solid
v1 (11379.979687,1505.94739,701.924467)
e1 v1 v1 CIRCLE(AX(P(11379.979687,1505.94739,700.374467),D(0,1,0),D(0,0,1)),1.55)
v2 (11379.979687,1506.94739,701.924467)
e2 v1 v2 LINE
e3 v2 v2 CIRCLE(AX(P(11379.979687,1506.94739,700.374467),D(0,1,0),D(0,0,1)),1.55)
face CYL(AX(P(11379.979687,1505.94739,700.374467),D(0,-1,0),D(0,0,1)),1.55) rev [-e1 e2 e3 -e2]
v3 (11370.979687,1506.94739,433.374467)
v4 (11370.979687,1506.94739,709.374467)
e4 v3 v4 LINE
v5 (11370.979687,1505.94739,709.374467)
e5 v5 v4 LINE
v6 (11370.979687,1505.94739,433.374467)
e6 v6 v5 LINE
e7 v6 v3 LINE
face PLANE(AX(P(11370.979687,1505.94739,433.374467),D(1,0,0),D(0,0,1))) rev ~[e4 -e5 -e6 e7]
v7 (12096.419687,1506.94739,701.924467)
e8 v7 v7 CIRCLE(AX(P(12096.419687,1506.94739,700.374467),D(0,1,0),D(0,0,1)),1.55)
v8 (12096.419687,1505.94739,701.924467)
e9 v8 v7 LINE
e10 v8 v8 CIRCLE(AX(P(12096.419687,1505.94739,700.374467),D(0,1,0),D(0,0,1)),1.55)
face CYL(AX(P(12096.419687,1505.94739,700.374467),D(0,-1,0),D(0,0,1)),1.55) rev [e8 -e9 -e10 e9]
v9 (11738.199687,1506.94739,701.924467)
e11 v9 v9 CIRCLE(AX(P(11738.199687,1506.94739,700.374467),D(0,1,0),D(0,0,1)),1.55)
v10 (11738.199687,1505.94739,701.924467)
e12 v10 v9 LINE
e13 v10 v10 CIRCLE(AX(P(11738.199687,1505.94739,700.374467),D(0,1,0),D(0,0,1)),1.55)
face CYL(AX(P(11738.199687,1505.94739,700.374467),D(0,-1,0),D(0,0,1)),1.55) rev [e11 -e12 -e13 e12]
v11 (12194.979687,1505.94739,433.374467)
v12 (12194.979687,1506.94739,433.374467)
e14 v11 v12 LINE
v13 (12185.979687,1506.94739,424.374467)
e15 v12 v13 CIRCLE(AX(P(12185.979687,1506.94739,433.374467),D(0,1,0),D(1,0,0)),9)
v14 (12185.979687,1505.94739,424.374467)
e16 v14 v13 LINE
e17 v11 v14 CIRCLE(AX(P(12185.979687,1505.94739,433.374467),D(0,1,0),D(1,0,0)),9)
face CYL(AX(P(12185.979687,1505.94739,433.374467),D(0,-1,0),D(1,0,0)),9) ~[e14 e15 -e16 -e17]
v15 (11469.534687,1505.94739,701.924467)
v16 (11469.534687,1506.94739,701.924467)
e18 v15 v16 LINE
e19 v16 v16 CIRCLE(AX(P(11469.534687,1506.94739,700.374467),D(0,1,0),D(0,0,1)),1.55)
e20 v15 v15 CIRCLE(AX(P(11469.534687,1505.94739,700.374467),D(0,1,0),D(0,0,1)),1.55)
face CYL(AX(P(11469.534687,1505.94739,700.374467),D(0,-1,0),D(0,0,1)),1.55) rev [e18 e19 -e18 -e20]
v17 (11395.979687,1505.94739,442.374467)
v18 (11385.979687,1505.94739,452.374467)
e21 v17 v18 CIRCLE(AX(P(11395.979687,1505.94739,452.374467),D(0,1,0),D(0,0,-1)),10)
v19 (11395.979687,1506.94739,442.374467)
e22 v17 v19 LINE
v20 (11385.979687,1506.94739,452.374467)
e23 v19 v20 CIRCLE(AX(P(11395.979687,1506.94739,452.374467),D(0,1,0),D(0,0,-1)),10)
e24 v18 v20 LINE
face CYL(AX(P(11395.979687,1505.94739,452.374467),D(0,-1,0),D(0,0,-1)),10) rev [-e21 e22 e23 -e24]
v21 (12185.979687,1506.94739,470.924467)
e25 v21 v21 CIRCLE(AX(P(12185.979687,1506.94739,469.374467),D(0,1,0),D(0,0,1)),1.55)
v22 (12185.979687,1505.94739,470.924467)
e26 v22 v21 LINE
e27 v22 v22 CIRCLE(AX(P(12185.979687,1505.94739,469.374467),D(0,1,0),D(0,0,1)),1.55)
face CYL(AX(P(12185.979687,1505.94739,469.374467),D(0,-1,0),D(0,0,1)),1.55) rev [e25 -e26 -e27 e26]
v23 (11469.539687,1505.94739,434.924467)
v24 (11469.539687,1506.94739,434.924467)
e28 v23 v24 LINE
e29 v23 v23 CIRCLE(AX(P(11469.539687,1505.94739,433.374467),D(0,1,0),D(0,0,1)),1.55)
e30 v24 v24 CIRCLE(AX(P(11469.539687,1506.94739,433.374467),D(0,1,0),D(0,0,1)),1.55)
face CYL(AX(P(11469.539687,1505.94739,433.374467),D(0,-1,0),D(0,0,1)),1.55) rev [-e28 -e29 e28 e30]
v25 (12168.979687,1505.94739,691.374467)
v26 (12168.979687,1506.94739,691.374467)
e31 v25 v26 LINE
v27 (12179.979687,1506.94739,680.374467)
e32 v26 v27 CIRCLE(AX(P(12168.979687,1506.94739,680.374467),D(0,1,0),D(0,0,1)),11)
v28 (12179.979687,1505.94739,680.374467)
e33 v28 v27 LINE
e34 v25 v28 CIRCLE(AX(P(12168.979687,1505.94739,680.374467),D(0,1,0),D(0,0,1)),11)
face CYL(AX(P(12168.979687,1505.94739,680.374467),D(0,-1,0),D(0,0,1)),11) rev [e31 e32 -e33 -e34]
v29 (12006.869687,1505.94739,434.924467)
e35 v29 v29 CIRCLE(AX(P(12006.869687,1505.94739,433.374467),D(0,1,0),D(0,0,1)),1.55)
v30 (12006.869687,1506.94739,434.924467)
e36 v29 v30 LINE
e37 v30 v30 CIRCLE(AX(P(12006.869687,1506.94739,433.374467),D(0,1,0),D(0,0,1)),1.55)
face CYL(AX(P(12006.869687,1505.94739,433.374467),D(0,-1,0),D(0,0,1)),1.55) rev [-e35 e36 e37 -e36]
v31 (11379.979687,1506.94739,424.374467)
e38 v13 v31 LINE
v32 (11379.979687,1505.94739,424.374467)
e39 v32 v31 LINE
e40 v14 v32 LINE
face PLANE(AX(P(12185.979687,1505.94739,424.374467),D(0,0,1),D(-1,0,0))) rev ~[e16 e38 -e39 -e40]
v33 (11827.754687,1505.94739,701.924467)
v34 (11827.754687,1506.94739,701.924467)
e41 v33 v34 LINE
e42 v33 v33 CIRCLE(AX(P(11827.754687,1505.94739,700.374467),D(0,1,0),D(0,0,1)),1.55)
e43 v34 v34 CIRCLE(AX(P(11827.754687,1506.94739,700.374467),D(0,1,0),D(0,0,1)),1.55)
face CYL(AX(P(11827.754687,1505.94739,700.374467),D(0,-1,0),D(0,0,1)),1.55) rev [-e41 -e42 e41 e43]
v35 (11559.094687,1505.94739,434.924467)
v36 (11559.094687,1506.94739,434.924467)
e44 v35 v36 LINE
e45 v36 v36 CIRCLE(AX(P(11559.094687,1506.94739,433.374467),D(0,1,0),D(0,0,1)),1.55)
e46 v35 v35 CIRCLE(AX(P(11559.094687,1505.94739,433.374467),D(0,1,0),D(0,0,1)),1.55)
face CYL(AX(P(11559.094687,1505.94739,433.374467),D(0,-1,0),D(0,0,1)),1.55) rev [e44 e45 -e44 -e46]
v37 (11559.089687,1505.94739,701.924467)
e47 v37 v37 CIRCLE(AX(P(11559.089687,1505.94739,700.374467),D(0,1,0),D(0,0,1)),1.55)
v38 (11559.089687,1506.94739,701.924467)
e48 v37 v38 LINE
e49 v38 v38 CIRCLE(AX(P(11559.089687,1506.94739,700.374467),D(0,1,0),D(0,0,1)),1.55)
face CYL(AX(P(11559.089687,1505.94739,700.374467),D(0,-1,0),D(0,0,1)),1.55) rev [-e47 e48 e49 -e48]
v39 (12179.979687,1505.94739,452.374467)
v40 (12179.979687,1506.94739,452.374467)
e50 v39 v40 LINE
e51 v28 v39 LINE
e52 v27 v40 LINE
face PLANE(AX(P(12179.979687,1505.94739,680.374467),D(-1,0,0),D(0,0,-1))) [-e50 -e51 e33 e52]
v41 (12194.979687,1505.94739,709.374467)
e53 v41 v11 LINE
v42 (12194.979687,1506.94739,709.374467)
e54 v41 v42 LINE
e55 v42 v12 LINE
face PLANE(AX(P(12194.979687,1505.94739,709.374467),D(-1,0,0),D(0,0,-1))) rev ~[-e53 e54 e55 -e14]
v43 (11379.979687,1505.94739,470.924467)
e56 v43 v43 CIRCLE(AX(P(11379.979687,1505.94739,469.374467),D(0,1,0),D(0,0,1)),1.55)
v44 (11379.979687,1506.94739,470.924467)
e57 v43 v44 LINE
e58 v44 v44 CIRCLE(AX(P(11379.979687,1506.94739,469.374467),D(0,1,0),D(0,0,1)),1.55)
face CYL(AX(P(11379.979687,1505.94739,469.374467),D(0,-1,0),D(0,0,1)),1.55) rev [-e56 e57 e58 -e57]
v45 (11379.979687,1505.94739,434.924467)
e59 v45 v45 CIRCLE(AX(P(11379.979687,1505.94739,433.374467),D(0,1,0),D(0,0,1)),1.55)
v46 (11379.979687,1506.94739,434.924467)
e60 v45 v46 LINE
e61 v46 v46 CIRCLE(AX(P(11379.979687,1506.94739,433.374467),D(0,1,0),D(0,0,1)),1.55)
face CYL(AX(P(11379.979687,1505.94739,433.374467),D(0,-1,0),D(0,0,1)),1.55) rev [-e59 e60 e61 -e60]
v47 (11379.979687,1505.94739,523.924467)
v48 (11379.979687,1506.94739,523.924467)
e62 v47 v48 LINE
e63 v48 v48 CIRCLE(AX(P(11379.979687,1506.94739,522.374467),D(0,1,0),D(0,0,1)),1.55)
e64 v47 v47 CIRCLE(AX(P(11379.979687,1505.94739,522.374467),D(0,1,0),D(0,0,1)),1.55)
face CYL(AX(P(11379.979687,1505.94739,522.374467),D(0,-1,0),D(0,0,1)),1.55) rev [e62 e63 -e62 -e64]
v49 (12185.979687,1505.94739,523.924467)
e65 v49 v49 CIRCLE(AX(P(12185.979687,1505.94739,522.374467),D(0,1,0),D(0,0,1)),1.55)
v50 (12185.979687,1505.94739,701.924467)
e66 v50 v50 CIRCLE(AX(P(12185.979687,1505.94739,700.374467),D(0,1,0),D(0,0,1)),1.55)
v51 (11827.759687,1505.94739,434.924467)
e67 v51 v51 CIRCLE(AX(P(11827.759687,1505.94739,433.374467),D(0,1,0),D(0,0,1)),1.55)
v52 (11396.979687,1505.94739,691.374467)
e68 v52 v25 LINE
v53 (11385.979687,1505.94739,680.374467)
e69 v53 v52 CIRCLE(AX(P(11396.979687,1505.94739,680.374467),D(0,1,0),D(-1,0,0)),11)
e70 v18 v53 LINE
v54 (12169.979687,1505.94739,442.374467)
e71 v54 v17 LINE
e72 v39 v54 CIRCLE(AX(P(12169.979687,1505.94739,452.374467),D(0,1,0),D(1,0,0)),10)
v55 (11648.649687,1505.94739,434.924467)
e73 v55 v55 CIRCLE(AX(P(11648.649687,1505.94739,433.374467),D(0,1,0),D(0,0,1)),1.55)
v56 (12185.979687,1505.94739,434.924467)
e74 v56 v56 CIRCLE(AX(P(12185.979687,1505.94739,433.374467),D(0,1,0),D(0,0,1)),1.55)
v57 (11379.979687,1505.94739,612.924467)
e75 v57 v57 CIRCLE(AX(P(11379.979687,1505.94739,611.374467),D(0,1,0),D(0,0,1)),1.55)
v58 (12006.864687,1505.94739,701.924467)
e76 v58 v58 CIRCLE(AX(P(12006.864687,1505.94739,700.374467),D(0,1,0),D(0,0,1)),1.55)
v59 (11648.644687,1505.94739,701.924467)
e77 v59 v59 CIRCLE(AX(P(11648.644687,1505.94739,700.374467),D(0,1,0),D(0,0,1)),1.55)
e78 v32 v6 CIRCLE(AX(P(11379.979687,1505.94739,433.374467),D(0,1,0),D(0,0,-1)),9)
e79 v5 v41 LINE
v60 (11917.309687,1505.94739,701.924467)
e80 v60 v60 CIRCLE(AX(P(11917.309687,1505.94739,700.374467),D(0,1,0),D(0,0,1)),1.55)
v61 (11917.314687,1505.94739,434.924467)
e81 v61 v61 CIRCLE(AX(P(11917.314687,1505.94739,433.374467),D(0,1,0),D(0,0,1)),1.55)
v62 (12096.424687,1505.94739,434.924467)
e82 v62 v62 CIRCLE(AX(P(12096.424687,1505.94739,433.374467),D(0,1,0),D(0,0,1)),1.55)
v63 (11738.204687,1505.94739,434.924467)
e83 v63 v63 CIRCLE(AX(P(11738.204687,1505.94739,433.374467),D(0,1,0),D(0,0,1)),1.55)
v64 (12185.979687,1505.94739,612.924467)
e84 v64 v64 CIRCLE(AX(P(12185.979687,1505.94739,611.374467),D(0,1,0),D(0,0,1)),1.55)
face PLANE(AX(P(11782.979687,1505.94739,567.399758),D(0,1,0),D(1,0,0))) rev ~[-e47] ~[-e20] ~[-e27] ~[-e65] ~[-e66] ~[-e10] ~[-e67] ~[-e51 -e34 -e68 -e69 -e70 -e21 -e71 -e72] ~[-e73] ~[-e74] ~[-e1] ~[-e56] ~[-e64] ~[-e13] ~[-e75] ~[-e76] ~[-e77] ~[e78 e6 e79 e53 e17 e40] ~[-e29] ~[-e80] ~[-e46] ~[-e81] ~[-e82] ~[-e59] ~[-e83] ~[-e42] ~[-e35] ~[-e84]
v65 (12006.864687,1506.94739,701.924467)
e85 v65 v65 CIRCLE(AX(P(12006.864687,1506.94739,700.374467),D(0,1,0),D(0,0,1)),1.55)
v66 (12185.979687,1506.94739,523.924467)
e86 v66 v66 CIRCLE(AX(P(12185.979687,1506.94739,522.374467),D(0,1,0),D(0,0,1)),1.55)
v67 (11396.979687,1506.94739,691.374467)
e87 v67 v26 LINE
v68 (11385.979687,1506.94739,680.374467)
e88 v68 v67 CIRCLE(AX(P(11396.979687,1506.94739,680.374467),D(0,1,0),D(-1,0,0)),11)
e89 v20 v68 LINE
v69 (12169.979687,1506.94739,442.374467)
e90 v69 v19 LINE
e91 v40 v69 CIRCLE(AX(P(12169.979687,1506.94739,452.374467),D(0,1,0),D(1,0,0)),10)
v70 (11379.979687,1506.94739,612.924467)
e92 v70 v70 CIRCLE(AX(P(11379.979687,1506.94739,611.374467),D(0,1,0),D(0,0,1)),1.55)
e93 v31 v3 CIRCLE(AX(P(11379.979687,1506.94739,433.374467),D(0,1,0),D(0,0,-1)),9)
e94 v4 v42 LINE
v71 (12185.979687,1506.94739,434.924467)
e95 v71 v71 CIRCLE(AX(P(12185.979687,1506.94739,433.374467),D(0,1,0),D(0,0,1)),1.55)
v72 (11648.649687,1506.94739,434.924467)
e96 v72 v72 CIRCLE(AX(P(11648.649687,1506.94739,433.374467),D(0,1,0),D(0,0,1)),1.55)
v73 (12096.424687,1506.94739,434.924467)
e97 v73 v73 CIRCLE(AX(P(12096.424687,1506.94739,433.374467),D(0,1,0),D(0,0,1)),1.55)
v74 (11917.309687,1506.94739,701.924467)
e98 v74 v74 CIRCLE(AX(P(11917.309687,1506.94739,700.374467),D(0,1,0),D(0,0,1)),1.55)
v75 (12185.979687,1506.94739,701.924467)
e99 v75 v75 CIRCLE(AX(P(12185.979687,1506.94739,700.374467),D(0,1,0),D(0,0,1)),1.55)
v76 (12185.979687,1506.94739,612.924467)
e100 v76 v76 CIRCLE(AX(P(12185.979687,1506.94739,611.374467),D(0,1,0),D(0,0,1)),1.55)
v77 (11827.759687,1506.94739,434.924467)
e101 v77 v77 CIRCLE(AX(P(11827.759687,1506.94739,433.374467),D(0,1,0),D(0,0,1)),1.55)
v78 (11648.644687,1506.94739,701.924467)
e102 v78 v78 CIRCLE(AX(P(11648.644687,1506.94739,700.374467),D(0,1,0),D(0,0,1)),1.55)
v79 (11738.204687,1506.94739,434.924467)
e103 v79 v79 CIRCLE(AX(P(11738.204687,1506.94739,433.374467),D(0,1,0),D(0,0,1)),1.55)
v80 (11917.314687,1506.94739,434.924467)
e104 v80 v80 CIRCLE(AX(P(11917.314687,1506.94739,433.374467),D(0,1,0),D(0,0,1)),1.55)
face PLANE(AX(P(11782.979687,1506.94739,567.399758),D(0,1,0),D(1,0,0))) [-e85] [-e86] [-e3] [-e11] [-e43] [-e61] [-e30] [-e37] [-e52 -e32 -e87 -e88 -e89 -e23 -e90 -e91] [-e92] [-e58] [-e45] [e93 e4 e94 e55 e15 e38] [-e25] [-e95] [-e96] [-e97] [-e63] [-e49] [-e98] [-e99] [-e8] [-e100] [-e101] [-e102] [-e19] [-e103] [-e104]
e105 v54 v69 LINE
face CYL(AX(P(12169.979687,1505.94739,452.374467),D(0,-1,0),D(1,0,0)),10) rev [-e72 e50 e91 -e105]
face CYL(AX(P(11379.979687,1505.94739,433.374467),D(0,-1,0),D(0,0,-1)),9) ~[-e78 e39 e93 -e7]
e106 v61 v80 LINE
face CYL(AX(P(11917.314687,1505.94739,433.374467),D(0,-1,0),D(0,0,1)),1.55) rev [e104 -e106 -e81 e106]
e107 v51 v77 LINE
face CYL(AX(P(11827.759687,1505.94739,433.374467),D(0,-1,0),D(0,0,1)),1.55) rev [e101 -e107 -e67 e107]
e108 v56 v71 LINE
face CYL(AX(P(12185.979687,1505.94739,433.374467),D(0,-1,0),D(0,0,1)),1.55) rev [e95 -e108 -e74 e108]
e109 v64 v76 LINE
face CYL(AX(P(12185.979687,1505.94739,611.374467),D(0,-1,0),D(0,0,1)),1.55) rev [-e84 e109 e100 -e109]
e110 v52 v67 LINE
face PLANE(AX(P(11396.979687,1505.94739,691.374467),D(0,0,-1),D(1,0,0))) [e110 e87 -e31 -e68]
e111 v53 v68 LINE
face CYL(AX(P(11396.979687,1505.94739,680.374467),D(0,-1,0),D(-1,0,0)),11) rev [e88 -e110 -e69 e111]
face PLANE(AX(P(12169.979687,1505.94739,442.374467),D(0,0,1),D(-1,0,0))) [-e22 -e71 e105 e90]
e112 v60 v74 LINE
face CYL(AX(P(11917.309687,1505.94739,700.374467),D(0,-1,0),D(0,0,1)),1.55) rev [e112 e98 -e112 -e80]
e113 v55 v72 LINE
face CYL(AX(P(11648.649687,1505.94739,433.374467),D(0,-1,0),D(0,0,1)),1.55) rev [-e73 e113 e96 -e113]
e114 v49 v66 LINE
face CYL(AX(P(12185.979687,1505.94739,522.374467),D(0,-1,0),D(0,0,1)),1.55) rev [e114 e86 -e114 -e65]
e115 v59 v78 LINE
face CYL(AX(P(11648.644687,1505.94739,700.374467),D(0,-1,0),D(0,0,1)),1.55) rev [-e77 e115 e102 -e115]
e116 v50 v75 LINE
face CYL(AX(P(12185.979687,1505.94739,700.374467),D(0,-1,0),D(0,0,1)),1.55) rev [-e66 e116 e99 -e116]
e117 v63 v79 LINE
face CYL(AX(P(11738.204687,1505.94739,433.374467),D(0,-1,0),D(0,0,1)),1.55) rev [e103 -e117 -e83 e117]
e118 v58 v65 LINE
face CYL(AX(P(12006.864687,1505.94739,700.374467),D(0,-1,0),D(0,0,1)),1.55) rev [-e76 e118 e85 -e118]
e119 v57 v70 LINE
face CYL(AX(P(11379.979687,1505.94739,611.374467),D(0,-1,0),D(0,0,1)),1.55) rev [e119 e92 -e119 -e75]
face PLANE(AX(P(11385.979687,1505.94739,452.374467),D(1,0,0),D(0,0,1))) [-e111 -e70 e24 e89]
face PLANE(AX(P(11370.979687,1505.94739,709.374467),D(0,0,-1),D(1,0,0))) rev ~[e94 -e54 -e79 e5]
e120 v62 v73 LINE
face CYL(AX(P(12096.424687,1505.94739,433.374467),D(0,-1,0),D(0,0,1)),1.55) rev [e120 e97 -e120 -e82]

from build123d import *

# Parameters (mm, degrees)
SZKIC4_R                    = 1.55
DODANIE_WYCI_GNI_CIE1_DEPTH = 1


with BuildPart() as part:
    # Szkic4 → Dodanie-wyciągnięcie1 (new body)
    with BuildSketch(Plane(origin=(0, 1505.947389818, 0), x_dir=(1, 0, 0), z_dir=(0, 1, 0))):
        with BuildLine():
            Line((11370.979687398, -709.37446721), (12194.979687398, -709.37446721))
            Line((12194.979687398, -709.37446721), (12194.979687398, -433.37446721))
            ThreePointArc((12194.979687398, -433.37446721), (12192.343648428, -427.010506179), (12185.979687398, -424.37446721))
            Line((12185.979687398, -424.37446721), (11379.979687398, -424.37446721))
            ThreePointArc((11379.979687398, -424.37446721), (11373.615726367, -427.010506179), (11370.979687398, -433.37446721))
            Line((11370.979687398, -433.37446721), (11370.979687398, -709.37446721))
        make_face()
        with Locations(Location((11379.979687398, -433.37446721, 0), (0, 0, 269.999999998))):
            Circle(SZKIC4_R, mode=Mode.SUBTRACT)
        with Locations(Location((11469.539687398, -433.37446721, 0), (0, 0, 269.999999998))):
            Circle(SZKIC4_R, mode=Mode.SUBTRACT)
        with Locations(Location((11559.094687398, -433.37446721, 0), (0, 0, 269.999999998))):
            Circle(SZKIC4_R, mode=Mode.SUBTRACT)
        with Locations(Location((11648.649687398, -433.37446721, 0), (0, 0, 269.999999998))):
            Circle(SZKIC4_R, mode=Mode.SUBTRACT)
        with Locations(Location((11738.204687398, -433.37446721, 0), (0, 0, 269.999999998))):
            Circle(SZKIC4_R, mode=Mode.SUBTRACT)
        with Locations(Location((11827.759687398, -433.37446721, 0), (0, 0, 269.999999998))):
            Circle(SZKIC4_R, mode=Mode.SUBTRACT)
        with Locations(Location((11917.314687398, -433.37446721, 0), (0, 0, 269.999999998))):
            Circle(SZKIC4_R, mode=Mode.SUBTRACT)
        with Locations(Location((12006.869687398, -433.37446721, 0), (0, 0, 269.999999998))):
            Circle(SZKIC4_R, mode=Mode.SUBTRACT)
        with Locations(Location((12096.424687398, -433.37446721, 0), (0, 0, 269.999999998))):
            Circle(SZKIC4_R, mode=Mode.SUBTRACT)
        with Locations(Location((12185.979687398, -433.37446721, 0), (0, 0, 269.999999998))):
            Circle(SZKIC4_R, mode=Mode.SUBTRACT)
        with Locations(Location((12185.979687398, -469.37446721, 0), (0, 0, 269.999999998))):
            Circle(SZKIC4_R, mode=Mode.SUBTRACT)
        with Locations(Location((12185.979687398, -522.37446721, 0), (0, 0, 269.999999998))):
            Circle(SZKIC4_R, mode=Mode.SUBTRACT)
        with Locations(Location((12185.979687398, -611.37446721, 0), (0, 0, 269.999999998))):
            Circle(SZKIC4_R, mode=Mode.SUBTRACT)
        with Locations(Location((12185.979687398, -700.37446721, 0), (0, 0, 269.999999998))):
            Circle(SZKIC4_R, mode=Mode.SUBTRACT)
        with Locations(Location((12096.419687398, -700.37446721, 0), (0, 0, 269.999999998))):
            Circle(SZKIC4_R, mode=Mode.SUBTRACT)
        with Locations(Location((12006.864687398, -700.37446721, 0), (0, 0, 269.999999998))):
            Circle(SZKIC4_R, mode=Mode.SUBTRACT)
        with Locations(Location((11917.309687398, -700.37446721, 0), (0, 0, 269.999999998))):
            Circle(SZKIC4_R, mode=Mode.SUBTRACT)
        with Locations(Location((11827.754687398, -700.37446721, 0), (0, 0, 269.999999998))):
            Circle(SZKIC4_R, mode=Mode.SUBTRACT)
        with Locations(Location((11738.199687398, -700.37446721, 0), (0, 0, 269.999999998))):
            Circle(SZKIC4_R, mode=Mode.SUBTRACT)
        with Locations(Location((11648.644687398, -700.37446721, 0), (0, 0, 269.999999998))):
            Circle(SZKIC4_R, mode=Mode.SUBTRACT)
        with Locations(Location((11559.089687398, -700.37446721, 0), (0, 0, 269.999999998))):
            Circle(SZKIC4_R, mode=Mode.SUBTRACT)
        with Locations(Location((11469.534687398, -700.37446721, 0), (0, 0, 269.999999998))):
            Circle(SZKIC4_R, mode=Mode.SUBTRACT)
        with Locations(Location((11379.979687398, -700.37446721, 0), (0, 0, 269.999999998))):
            Circle(SZKIC4_R, mode=Mode.SUBTRACT)
        with Locations(Location((11379.979687398, -611.37446721, 0), (0, 0, 269.999999998))):
            Circle(SZKIC4_R, mode=Mode.SUBTRACT)
        with Locations(Location((11379.979687398, -522.37446721, 0), (0, 0, 269.999999998))):
            Circle(SZKIC4_R, mode=Mode.SUBTRACT)
        with Locations(Location((11379.979687398, -469.37446721, 0), (0, 0, 269.999999998))):
            Circle(SZKIC4_R, mode=Mode.SUBTRACT)
        with BuildLine():
            Line((11385.979687398, -452.37446721), (11385.979687398, -680.37446721))
            ThreePointArc((11385.979687398, -680.37446721), (11389.201512805, -688.152641803), (11396.979687398, -691.37446721))
            Line((11396.979687398, -691.37446721), (12168.979687398, -691.37446721))
            ThreePointArc((12168.979687398, -691.37446721), (12176.757861991, -688.152641803), (12179.979687398, -680.37446721))
            Line((12179.979687398, -680.37446721), (12179.979687398, -452.37446721))
            ThreePointArc((12179.979687398, -452.37446721), (12177.05075521, -445.303399398), (12169.979687398, -442.37446721))
            Line((12169.979687398, -442.37446721), (11395.979687398, -442.37446721))
            ThreePointArc((11395.979687398, -442.37446721), (11388.908619586, -445.303399398), (11385.979687398, -452.37446721))
        make_face(mode=Mode.SUBTRACT)
    extrude(amount=DODANIE_WYCI_GNI_CIE1_DEPTH)


solid = part.part
